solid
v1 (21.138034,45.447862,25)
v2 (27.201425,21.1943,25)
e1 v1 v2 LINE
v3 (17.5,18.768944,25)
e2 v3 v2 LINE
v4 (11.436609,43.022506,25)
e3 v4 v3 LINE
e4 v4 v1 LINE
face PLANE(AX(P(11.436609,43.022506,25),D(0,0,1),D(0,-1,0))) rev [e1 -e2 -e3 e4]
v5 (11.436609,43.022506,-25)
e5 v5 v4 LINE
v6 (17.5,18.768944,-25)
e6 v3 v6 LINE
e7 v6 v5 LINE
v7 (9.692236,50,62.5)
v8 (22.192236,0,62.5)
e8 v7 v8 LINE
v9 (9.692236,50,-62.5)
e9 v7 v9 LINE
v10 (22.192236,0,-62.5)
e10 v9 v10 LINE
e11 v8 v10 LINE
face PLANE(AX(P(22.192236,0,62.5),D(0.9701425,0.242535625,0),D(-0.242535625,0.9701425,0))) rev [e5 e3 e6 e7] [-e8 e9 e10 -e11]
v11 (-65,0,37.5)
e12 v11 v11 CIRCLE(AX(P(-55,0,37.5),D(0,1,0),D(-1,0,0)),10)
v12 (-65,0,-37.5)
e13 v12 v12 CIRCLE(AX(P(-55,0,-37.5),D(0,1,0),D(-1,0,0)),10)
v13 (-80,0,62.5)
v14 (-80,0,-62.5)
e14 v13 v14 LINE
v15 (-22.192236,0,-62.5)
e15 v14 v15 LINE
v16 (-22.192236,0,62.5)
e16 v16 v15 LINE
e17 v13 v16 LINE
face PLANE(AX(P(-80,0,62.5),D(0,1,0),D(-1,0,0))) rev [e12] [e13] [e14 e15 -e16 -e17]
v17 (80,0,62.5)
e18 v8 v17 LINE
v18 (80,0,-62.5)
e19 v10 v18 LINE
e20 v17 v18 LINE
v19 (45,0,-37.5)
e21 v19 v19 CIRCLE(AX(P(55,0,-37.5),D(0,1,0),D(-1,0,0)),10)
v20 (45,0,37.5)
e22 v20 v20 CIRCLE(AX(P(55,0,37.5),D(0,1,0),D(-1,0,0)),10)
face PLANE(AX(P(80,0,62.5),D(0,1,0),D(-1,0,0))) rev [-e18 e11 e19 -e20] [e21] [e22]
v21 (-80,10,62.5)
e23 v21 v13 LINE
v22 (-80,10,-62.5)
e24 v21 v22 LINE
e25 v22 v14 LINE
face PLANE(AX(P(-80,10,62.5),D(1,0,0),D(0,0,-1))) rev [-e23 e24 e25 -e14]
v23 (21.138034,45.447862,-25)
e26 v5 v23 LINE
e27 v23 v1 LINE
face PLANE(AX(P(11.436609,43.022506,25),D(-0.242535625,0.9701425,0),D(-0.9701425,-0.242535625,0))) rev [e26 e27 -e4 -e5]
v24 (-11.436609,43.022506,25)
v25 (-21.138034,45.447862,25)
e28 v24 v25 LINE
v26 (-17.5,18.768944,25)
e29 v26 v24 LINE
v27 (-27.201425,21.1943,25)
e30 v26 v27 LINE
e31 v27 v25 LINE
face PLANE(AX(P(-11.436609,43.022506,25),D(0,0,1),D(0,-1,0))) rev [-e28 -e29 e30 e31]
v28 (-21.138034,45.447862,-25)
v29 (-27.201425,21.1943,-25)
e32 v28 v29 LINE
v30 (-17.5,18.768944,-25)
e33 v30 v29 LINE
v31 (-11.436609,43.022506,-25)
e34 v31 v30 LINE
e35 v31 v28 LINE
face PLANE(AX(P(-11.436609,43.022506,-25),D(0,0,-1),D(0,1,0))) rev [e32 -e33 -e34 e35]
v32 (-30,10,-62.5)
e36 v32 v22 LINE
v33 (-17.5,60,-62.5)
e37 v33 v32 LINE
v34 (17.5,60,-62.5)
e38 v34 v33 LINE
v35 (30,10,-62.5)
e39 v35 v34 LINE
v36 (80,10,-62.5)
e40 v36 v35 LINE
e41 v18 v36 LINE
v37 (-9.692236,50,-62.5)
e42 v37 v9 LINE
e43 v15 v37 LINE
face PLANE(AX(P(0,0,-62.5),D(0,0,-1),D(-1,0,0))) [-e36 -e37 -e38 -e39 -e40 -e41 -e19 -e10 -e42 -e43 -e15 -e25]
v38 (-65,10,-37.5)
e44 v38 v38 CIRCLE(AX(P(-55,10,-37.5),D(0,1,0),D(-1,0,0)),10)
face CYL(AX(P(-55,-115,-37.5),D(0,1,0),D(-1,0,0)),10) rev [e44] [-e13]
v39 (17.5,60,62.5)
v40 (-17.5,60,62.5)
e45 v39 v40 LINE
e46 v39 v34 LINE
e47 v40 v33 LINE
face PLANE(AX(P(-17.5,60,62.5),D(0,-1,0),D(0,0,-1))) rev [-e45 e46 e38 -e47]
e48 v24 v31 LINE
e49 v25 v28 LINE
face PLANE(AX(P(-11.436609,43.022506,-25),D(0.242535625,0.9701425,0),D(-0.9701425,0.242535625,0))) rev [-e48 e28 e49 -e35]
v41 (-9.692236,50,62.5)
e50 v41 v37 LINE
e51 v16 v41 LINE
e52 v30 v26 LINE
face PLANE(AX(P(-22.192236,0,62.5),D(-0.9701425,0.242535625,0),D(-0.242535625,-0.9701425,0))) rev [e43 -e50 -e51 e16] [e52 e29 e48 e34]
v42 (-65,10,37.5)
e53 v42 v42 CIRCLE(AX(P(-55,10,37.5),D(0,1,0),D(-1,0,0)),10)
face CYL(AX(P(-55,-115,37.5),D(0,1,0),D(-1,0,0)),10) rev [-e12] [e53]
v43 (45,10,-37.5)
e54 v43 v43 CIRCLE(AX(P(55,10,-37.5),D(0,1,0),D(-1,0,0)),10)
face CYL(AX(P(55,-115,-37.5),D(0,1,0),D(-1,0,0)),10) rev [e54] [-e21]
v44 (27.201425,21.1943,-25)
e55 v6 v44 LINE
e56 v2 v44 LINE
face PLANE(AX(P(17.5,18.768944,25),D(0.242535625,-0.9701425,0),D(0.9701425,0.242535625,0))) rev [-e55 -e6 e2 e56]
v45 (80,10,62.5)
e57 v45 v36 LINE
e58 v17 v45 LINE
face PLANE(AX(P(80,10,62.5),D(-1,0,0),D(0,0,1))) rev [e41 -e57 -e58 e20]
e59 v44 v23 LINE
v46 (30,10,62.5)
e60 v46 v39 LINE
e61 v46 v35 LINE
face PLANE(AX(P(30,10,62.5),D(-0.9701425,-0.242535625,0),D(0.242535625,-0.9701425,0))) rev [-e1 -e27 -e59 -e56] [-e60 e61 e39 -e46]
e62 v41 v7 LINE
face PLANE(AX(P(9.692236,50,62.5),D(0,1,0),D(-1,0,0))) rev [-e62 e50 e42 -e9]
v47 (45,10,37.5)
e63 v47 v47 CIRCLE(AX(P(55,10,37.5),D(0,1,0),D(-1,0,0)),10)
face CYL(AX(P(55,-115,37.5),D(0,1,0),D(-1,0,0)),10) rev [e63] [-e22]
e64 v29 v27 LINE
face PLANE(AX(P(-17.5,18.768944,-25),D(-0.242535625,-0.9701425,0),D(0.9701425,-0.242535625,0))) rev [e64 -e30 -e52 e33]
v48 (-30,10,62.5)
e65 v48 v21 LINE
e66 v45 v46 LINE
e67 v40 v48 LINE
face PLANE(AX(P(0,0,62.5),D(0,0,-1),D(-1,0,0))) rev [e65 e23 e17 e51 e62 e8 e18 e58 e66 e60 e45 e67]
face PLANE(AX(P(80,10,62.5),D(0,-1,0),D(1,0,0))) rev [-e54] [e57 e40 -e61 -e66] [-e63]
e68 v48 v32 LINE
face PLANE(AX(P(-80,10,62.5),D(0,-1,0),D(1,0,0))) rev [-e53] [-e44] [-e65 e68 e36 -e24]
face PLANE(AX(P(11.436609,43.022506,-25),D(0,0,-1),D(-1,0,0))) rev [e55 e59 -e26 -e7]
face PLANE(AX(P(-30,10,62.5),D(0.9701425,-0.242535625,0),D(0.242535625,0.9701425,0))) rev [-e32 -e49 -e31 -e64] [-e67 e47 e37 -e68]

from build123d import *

# Parameters (mm, degrees)
BOSS_EXTRUDE1_DEPTH = 62.5
SKETCH3_R           = 10
CUT_EXTRUDE1_DEPTH  = 125
SKETCH4_W           = 50
SKETCH4_H           = 25
CUT_EXTRUDE2_DEPTH  = 10
SKETCH5_W           = 50
SKETCH5_H           = 25
CUT_EXTRUDE3_DEPTH  = 10


with BuildPart() as part:
    # Sketch2 → Boss-Extrude1 (new body, symmetric)
    with BuildSketch(Plane.XY):
        Polygon((-17.5, 60), (17.5, 60), (30, 10), (80, 10), (80, 0), (22.192235936, 0), (9.692235936, 50), (0, 50), (-9.692235936, 50), (-22.192235936, 0), (-80, 0), (-80, 10), (-30, 10), align=None)
    extrude(amount=BOSS_EXTRUDE1_DEPTH, both=True)

    # Sketch3 → Cut-Extrude1 (cut)
    with BuildSketch(Plane(origin=(0, 10, 0), x_dir=(1, 0, 0), z_dir=(0, 1, 0))):
        with Locations((55, 37.5)):
            Circle(SKETCH3_R)
        with Locations((-55, 37.5)):
            Circle(SKETCH3_R)
        with Locations((-55, -37.5)):
            Circle(SKETCH3_R)
        with Locations((55, -37.5)):
            Circle(SKETCH3_R)
    extrude(amount=-CUT_EXTRUDE1_DEPTH, mode=Mode.SUBTRACT)

    # Sketch4 → Cut-Extrude2 (cut)
    with BuildSketch(Plane(origin=(30.588235294, 7.647058824, 0), x_dir=(0, 0, -1), z_dir=(0.9701425, 0.242535625, 0))):
        with Locations((0, 26.464176571)):
            Rectangle(SKETCH4_W, SKETCH4_H)
    extrude(amount=-CUT_EXTRUDE2_DEPTH, mode=Mode.SUBTRACT)

    # Sketch5 → Cut-Extrude3 (cut)
    with BuildSketch(Plane(origin=(-30.588235294, 7.647058824, 0), x_dir=(0, 0, 1), z_dir=(-0.9701425, 0.242535625, 0))):
        with Locations((0, 26.464176571)):
            Rectangle(SKETCH5_W, SKETCH5_H)
    extrude(amount=-CUT_EXTRUDE3_DEPTH, mode=Mode.SUBTRACT)


solid = part.part
